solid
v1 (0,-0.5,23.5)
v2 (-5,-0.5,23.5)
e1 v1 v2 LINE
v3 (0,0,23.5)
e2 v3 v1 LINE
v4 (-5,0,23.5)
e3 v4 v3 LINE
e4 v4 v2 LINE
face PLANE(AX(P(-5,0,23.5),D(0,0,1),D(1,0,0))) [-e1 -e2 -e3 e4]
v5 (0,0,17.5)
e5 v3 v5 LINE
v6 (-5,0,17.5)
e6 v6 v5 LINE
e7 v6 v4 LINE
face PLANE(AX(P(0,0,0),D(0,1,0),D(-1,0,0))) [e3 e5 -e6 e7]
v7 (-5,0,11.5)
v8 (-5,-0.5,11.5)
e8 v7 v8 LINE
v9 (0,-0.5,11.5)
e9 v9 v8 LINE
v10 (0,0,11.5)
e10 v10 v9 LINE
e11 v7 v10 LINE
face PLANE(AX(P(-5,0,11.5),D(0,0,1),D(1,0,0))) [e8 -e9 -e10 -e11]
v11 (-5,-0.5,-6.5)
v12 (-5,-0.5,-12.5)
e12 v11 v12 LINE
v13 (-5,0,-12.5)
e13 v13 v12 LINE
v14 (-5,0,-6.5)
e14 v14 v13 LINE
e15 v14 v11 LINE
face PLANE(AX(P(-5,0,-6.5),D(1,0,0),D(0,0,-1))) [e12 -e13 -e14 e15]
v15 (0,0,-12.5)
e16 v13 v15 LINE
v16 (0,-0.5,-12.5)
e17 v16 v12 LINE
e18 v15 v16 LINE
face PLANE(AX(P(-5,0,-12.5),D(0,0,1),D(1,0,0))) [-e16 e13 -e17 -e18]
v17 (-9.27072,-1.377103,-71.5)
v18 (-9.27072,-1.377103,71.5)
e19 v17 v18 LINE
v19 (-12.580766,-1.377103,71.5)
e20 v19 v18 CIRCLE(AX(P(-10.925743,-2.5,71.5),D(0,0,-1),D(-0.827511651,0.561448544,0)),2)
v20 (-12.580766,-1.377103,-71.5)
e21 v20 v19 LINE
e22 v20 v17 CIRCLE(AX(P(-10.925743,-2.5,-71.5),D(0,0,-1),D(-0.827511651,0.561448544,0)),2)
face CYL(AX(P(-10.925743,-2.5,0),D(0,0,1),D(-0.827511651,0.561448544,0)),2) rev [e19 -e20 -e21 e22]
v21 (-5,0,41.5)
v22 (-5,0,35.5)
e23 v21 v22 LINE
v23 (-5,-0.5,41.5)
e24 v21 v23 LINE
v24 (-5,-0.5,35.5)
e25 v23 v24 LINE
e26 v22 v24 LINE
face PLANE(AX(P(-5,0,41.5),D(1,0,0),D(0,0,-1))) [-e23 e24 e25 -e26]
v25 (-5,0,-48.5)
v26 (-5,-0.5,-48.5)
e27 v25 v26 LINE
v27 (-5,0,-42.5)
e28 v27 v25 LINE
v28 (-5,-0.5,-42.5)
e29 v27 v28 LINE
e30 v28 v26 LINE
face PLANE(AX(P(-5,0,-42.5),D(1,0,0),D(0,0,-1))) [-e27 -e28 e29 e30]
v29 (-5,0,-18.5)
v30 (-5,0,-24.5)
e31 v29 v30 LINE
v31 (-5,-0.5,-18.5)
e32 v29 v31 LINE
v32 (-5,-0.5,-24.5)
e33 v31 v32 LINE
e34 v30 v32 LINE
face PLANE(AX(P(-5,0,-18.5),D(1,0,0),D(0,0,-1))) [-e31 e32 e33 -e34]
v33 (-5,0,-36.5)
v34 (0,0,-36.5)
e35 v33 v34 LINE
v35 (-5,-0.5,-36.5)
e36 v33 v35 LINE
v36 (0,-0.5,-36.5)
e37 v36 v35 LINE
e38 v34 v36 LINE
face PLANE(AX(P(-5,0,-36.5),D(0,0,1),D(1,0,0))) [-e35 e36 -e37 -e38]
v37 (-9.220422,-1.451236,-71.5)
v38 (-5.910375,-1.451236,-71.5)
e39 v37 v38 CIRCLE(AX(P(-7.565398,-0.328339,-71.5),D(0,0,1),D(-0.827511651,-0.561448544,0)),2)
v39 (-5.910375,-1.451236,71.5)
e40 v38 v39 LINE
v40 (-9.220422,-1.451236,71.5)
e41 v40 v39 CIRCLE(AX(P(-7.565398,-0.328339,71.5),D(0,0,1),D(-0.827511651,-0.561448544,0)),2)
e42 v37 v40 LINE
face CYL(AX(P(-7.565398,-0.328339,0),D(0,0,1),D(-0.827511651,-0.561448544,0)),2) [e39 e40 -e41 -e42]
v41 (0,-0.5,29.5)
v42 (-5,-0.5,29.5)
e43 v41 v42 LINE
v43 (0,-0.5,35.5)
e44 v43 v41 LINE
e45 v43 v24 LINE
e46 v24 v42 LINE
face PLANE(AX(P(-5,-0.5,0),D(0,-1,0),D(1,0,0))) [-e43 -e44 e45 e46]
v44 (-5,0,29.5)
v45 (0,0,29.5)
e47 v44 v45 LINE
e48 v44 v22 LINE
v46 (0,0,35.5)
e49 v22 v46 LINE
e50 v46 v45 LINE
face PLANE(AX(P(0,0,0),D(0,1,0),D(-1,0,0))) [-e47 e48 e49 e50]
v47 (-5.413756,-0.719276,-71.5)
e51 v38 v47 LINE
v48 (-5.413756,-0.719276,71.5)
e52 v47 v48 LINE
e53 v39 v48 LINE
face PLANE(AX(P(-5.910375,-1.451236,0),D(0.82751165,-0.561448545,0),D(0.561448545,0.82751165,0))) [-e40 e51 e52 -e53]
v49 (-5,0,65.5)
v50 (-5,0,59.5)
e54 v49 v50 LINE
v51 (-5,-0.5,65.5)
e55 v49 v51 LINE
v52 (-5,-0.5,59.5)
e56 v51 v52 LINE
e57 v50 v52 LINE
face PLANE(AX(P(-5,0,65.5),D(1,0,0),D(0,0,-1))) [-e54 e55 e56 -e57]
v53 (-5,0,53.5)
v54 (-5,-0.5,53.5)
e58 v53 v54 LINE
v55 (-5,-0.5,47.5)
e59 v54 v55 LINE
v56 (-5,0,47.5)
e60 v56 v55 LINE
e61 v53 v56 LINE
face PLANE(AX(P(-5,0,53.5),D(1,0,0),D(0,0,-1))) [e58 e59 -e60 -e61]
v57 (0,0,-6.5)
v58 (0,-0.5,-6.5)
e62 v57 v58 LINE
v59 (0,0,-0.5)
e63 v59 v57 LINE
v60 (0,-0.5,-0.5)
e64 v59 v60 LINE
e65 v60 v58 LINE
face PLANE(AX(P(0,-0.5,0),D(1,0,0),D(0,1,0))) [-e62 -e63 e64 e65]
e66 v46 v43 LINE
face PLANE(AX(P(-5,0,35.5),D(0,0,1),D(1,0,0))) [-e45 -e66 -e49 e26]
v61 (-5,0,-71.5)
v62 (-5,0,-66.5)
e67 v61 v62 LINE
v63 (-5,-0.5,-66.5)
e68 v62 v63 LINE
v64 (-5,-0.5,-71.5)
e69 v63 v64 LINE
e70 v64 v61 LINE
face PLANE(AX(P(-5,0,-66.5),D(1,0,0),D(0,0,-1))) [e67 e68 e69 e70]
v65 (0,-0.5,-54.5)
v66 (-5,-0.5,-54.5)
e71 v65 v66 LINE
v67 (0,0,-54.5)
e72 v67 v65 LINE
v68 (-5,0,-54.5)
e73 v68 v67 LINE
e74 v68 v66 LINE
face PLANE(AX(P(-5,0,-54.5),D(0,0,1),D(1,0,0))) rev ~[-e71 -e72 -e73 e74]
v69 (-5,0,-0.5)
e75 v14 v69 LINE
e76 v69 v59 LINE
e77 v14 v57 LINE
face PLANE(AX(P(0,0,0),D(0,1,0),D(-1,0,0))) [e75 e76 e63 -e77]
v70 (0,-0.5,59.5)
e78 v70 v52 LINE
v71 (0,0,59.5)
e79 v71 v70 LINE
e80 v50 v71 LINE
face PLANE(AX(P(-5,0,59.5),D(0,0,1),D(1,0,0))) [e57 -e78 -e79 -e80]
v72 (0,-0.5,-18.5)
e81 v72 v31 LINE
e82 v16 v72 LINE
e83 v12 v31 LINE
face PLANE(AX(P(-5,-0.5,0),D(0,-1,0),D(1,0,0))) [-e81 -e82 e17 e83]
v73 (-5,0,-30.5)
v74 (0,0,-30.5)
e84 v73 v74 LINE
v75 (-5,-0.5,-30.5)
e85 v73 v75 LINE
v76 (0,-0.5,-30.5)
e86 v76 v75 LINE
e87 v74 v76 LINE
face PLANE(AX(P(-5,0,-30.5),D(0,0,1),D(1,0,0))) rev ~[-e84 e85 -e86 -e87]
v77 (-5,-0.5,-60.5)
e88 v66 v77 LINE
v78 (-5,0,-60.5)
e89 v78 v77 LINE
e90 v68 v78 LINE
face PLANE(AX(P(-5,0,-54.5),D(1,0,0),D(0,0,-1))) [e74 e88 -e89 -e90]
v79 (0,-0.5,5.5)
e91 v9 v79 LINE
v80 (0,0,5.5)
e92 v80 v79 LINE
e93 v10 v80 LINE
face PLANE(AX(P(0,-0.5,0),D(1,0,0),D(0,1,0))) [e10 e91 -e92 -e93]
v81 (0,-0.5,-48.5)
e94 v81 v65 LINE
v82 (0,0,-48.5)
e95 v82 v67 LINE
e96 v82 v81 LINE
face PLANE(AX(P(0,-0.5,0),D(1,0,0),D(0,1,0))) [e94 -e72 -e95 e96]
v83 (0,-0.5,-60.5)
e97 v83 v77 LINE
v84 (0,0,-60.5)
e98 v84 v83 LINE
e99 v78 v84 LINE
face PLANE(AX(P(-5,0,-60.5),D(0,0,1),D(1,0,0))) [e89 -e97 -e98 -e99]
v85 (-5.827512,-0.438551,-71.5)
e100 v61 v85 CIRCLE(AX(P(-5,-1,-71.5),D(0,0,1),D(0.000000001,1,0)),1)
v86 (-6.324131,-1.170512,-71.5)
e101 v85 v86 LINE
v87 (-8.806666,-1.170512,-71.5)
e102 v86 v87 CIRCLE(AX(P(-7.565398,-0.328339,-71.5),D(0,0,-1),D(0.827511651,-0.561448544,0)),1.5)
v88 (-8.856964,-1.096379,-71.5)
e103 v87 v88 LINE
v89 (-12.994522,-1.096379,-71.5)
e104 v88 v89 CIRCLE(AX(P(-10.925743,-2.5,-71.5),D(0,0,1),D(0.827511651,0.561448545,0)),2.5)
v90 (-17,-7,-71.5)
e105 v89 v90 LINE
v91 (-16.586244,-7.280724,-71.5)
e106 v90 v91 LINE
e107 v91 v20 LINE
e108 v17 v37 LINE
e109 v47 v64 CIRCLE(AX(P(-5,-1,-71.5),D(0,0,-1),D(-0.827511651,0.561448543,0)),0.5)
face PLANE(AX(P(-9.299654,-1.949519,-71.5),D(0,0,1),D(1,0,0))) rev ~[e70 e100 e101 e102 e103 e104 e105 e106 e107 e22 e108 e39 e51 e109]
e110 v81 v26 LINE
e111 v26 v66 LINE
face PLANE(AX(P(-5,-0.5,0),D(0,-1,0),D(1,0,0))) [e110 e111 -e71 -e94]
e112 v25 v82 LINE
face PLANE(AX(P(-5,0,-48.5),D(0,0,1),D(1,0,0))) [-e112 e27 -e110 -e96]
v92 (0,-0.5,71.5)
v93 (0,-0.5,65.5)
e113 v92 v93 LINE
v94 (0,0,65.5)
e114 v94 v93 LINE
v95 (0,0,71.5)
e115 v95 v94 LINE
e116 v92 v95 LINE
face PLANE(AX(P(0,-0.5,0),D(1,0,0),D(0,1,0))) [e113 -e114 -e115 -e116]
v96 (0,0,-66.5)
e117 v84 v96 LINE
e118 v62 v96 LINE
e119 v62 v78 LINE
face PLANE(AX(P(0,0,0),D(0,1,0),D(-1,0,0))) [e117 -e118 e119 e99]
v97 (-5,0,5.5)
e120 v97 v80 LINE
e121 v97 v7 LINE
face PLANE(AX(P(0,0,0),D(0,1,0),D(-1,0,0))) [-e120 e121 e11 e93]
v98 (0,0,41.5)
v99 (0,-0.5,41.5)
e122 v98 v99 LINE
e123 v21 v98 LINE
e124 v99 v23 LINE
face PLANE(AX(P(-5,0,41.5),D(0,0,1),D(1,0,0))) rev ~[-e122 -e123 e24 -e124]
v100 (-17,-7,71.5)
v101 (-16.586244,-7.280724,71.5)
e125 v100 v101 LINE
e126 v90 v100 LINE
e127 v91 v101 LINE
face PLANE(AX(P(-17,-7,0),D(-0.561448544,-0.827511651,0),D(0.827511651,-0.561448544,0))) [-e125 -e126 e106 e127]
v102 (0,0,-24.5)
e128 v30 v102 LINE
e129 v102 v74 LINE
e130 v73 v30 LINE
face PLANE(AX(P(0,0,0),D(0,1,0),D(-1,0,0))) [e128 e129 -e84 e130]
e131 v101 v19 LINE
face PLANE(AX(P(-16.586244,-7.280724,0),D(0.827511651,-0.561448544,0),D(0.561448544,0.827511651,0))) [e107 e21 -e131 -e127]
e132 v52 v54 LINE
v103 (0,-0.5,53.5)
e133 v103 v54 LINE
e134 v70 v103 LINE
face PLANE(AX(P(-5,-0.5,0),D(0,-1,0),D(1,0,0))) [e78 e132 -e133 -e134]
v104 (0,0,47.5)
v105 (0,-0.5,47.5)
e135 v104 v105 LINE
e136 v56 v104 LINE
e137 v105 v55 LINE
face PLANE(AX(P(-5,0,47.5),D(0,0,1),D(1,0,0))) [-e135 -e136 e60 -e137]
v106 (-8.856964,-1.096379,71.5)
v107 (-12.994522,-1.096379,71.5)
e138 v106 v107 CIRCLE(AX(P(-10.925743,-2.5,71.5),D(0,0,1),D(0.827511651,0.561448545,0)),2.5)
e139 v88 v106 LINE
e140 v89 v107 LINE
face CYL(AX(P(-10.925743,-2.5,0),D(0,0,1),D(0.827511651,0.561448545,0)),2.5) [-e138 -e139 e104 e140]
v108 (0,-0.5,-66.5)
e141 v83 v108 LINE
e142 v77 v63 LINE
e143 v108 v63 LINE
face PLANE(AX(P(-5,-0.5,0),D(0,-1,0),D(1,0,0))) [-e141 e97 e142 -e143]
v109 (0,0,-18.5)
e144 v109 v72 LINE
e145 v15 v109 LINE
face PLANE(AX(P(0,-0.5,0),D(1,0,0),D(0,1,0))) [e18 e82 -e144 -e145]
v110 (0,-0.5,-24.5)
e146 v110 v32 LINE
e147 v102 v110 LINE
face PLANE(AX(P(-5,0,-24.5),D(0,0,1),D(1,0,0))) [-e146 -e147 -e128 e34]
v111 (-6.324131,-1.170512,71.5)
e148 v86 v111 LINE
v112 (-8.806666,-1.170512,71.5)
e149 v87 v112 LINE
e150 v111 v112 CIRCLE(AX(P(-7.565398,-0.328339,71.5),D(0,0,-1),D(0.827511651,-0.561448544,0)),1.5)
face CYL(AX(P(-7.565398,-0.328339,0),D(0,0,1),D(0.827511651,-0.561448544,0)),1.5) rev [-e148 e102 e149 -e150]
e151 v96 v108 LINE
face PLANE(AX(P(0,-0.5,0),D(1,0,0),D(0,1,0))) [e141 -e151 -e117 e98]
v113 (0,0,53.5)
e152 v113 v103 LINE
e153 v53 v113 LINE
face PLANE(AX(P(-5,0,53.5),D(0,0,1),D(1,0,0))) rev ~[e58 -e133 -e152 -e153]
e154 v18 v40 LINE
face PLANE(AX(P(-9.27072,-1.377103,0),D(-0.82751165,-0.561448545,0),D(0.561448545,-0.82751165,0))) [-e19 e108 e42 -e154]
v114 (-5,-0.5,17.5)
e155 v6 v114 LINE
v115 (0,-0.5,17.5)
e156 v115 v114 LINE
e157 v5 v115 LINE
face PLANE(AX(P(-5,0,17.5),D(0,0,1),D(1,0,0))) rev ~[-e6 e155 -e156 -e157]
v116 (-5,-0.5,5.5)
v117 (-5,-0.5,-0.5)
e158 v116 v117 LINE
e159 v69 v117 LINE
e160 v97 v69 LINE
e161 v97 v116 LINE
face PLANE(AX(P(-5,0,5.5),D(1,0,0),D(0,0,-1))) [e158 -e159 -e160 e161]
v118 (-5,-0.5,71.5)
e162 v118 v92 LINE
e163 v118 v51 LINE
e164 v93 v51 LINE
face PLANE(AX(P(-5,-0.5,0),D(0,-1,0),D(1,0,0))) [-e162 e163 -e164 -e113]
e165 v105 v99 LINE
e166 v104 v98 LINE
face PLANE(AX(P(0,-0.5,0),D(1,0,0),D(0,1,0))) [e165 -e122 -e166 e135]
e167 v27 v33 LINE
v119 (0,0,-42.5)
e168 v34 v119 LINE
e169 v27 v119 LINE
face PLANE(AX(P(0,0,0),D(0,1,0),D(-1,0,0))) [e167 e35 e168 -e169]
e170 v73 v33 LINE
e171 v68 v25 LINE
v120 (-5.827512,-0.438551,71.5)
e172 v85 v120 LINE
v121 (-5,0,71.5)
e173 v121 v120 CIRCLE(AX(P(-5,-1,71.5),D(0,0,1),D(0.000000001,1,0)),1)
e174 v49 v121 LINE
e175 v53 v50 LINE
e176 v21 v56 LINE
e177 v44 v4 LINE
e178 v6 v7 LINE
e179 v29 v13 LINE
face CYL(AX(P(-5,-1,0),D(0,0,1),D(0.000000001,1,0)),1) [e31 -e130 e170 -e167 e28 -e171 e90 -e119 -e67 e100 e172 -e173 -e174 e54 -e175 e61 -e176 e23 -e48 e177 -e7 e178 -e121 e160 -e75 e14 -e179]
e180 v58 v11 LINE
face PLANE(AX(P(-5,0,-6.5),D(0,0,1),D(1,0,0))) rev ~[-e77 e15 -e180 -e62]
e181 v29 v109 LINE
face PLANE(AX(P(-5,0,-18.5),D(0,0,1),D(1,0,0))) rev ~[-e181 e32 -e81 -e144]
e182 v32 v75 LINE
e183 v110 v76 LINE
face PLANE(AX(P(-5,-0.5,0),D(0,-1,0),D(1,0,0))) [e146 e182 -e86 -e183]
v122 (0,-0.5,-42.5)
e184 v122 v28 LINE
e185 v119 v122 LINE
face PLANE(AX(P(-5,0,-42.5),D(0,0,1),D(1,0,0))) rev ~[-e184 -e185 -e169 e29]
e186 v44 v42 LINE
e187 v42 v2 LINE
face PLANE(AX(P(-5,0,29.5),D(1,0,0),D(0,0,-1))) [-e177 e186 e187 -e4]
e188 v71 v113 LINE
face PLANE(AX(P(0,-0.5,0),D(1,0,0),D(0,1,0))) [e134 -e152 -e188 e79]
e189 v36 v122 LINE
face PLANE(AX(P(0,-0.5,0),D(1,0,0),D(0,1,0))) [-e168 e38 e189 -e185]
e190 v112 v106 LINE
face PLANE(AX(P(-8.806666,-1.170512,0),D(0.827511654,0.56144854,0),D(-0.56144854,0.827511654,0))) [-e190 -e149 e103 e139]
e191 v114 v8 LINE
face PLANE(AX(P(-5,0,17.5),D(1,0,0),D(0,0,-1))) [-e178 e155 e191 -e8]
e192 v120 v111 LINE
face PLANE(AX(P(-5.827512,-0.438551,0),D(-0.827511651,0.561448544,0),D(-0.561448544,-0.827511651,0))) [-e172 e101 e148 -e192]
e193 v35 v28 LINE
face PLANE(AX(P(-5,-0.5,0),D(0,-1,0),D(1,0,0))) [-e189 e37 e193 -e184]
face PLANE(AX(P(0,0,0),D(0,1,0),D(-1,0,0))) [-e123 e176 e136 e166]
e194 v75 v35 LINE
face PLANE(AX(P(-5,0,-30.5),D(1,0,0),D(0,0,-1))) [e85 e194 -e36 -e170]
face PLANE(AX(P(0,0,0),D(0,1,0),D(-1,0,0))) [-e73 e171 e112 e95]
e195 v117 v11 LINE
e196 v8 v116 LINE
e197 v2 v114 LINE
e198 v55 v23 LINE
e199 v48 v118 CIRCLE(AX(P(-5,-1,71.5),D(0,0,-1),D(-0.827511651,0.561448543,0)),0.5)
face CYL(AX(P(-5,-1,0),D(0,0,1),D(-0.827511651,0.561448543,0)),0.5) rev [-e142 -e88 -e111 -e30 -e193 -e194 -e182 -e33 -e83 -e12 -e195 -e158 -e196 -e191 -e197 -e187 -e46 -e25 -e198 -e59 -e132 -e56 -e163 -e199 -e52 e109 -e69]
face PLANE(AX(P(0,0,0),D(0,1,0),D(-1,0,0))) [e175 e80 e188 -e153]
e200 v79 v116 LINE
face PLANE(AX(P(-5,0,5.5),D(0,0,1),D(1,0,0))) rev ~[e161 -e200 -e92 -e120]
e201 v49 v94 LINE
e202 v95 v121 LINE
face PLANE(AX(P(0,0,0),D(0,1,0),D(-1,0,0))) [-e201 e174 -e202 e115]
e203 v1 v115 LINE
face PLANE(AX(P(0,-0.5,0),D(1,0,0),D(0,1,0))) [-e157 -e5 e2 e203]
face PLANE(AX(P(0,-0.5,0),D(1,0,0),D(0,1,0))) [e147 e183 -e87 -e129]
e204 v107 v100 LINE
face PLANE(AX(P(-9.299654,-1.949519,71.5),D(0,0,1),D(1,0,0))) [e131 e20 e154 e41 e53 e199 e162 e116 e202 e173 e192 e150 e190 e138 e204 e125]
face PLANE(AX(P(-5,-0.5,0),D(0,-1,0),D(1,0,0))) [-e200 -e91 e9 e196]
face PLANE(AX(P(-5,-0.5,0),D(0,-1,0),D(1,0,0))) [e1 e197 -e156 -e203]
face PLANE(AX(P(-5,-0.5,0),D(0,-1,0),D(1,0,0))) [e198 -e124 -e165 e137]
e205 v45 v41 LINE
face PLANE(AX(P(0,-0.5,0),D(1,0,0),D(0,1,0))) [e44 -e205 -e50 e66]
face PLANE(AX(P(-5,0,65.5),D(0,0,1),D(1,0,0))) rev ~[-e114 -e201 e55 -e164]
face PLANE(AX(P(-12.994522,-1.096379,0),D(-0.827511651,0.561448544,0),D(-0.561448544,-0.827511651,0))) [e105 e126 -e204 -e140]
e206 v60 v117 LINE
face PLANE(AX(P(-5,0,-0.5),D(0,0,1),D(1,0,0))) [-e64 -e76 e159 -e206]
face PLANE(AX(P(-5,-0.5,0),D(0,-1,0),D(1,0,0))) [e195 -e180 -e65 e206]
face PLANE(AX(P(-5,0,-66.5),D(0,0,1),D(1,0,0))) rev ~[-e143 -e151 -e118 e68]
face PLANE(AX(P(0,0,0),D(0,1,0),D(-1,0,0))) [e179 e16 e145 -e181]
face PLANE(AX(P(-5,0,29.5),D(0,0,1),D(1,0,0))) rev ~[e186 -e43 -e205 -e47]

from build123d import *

# Parameters (mm, degrees)
BOSS_EXTRUDE1_DEPTH = 71.5
SKETCH3_W           = 5
SKETCH3_H           = 6
CUT_EXTRUDE1_DEPTH  = 74.85295489
LPATTERN1_COUNT     = 12
LPATTERN1_PITCH     = 12


with BuildPart() as part:
    # Sketch1 → Boss-Extrude1 (new, symmetric)
    with BuildSketch(Plane.XY):
        with BuildLine():
            Line((0, 0), (-5, 0))
            ThreePointArc((-5, 0), (-5.468268863, -0.11641397), (-5.827511651, -0.438551456))
            Line((-5.827511651, -0.438551456), (-6.324130952, -1.170512135))
            ThreePointArc((-6.324130952, -1.170512135), (-7.565398428, -1.828339319), (-8.806665905, -1.170512135))
            Line((-8.806665905, -1.170512135), (-8.856963859, -1.096378639))
            ThreePointArc((-8.856963859, -1.096378639), (-10.925742986, 0), (-12.994522113, -1.096378639))
            Line((-12.994522113, -1.096378639), (-17, -7))
            Line((-17, -7), (-16.586244175, -7.280724272))
            Line((-16.586244175, -7.280724272), (-12.580766288, -1.377102912))
            ThreePointArc((-12.580766288, -1.377102912), (-10.925742986, -0.5), (-9.270719684, -1.377102912))
            Line((-9.270719684, -1.377102912), (-9.22042173, -1.451236407))
            ThreePointArc((-9.22042173, -1.451236407), (-7.565398428, -2.328339319), (-5.910375127, -1.451236407))
            Line((-5.910375127, -1.451236407), (-5.413755825, -0.719275728))
            ThreePointArc((-5.413755825, -0.719275728), (-5.234134431, -0.558206985), (-5, -0.5))
            Line((-5, -0.5), (0, -0.5))
            Line((0, -0.5), (0, 0))
        make_face()
    extrude(amount=BOSS_EXTRUDE1_DEPTH, both=True)

    # Sketch3 → Cut-Extrude1 (cut, through all)
    with BuildSketch(Plane(origin=(0, 0, 0), x_dir=(1, 0, 0), z_dir=(0, 1, 0))):
        with Locations((-2.5, -62.5)):
            Rectangle(SKETCH3_W, SKETCH3_H)
    cut_extrude1 = extrude(amount=-CUT_EXTRUDE1_DEPTH, mode=Mode.SUBTRACT)

    # LPattern1: Cut-Extrude1 ×12
    with Locations(*[(0, 0, -i * LPATTERN1_PITCH) for i in range(1, LPATTERN1_COUNT)]):
        add(cut_extrude1, mode=Mode.SUBTRACT)


solid = part.part
